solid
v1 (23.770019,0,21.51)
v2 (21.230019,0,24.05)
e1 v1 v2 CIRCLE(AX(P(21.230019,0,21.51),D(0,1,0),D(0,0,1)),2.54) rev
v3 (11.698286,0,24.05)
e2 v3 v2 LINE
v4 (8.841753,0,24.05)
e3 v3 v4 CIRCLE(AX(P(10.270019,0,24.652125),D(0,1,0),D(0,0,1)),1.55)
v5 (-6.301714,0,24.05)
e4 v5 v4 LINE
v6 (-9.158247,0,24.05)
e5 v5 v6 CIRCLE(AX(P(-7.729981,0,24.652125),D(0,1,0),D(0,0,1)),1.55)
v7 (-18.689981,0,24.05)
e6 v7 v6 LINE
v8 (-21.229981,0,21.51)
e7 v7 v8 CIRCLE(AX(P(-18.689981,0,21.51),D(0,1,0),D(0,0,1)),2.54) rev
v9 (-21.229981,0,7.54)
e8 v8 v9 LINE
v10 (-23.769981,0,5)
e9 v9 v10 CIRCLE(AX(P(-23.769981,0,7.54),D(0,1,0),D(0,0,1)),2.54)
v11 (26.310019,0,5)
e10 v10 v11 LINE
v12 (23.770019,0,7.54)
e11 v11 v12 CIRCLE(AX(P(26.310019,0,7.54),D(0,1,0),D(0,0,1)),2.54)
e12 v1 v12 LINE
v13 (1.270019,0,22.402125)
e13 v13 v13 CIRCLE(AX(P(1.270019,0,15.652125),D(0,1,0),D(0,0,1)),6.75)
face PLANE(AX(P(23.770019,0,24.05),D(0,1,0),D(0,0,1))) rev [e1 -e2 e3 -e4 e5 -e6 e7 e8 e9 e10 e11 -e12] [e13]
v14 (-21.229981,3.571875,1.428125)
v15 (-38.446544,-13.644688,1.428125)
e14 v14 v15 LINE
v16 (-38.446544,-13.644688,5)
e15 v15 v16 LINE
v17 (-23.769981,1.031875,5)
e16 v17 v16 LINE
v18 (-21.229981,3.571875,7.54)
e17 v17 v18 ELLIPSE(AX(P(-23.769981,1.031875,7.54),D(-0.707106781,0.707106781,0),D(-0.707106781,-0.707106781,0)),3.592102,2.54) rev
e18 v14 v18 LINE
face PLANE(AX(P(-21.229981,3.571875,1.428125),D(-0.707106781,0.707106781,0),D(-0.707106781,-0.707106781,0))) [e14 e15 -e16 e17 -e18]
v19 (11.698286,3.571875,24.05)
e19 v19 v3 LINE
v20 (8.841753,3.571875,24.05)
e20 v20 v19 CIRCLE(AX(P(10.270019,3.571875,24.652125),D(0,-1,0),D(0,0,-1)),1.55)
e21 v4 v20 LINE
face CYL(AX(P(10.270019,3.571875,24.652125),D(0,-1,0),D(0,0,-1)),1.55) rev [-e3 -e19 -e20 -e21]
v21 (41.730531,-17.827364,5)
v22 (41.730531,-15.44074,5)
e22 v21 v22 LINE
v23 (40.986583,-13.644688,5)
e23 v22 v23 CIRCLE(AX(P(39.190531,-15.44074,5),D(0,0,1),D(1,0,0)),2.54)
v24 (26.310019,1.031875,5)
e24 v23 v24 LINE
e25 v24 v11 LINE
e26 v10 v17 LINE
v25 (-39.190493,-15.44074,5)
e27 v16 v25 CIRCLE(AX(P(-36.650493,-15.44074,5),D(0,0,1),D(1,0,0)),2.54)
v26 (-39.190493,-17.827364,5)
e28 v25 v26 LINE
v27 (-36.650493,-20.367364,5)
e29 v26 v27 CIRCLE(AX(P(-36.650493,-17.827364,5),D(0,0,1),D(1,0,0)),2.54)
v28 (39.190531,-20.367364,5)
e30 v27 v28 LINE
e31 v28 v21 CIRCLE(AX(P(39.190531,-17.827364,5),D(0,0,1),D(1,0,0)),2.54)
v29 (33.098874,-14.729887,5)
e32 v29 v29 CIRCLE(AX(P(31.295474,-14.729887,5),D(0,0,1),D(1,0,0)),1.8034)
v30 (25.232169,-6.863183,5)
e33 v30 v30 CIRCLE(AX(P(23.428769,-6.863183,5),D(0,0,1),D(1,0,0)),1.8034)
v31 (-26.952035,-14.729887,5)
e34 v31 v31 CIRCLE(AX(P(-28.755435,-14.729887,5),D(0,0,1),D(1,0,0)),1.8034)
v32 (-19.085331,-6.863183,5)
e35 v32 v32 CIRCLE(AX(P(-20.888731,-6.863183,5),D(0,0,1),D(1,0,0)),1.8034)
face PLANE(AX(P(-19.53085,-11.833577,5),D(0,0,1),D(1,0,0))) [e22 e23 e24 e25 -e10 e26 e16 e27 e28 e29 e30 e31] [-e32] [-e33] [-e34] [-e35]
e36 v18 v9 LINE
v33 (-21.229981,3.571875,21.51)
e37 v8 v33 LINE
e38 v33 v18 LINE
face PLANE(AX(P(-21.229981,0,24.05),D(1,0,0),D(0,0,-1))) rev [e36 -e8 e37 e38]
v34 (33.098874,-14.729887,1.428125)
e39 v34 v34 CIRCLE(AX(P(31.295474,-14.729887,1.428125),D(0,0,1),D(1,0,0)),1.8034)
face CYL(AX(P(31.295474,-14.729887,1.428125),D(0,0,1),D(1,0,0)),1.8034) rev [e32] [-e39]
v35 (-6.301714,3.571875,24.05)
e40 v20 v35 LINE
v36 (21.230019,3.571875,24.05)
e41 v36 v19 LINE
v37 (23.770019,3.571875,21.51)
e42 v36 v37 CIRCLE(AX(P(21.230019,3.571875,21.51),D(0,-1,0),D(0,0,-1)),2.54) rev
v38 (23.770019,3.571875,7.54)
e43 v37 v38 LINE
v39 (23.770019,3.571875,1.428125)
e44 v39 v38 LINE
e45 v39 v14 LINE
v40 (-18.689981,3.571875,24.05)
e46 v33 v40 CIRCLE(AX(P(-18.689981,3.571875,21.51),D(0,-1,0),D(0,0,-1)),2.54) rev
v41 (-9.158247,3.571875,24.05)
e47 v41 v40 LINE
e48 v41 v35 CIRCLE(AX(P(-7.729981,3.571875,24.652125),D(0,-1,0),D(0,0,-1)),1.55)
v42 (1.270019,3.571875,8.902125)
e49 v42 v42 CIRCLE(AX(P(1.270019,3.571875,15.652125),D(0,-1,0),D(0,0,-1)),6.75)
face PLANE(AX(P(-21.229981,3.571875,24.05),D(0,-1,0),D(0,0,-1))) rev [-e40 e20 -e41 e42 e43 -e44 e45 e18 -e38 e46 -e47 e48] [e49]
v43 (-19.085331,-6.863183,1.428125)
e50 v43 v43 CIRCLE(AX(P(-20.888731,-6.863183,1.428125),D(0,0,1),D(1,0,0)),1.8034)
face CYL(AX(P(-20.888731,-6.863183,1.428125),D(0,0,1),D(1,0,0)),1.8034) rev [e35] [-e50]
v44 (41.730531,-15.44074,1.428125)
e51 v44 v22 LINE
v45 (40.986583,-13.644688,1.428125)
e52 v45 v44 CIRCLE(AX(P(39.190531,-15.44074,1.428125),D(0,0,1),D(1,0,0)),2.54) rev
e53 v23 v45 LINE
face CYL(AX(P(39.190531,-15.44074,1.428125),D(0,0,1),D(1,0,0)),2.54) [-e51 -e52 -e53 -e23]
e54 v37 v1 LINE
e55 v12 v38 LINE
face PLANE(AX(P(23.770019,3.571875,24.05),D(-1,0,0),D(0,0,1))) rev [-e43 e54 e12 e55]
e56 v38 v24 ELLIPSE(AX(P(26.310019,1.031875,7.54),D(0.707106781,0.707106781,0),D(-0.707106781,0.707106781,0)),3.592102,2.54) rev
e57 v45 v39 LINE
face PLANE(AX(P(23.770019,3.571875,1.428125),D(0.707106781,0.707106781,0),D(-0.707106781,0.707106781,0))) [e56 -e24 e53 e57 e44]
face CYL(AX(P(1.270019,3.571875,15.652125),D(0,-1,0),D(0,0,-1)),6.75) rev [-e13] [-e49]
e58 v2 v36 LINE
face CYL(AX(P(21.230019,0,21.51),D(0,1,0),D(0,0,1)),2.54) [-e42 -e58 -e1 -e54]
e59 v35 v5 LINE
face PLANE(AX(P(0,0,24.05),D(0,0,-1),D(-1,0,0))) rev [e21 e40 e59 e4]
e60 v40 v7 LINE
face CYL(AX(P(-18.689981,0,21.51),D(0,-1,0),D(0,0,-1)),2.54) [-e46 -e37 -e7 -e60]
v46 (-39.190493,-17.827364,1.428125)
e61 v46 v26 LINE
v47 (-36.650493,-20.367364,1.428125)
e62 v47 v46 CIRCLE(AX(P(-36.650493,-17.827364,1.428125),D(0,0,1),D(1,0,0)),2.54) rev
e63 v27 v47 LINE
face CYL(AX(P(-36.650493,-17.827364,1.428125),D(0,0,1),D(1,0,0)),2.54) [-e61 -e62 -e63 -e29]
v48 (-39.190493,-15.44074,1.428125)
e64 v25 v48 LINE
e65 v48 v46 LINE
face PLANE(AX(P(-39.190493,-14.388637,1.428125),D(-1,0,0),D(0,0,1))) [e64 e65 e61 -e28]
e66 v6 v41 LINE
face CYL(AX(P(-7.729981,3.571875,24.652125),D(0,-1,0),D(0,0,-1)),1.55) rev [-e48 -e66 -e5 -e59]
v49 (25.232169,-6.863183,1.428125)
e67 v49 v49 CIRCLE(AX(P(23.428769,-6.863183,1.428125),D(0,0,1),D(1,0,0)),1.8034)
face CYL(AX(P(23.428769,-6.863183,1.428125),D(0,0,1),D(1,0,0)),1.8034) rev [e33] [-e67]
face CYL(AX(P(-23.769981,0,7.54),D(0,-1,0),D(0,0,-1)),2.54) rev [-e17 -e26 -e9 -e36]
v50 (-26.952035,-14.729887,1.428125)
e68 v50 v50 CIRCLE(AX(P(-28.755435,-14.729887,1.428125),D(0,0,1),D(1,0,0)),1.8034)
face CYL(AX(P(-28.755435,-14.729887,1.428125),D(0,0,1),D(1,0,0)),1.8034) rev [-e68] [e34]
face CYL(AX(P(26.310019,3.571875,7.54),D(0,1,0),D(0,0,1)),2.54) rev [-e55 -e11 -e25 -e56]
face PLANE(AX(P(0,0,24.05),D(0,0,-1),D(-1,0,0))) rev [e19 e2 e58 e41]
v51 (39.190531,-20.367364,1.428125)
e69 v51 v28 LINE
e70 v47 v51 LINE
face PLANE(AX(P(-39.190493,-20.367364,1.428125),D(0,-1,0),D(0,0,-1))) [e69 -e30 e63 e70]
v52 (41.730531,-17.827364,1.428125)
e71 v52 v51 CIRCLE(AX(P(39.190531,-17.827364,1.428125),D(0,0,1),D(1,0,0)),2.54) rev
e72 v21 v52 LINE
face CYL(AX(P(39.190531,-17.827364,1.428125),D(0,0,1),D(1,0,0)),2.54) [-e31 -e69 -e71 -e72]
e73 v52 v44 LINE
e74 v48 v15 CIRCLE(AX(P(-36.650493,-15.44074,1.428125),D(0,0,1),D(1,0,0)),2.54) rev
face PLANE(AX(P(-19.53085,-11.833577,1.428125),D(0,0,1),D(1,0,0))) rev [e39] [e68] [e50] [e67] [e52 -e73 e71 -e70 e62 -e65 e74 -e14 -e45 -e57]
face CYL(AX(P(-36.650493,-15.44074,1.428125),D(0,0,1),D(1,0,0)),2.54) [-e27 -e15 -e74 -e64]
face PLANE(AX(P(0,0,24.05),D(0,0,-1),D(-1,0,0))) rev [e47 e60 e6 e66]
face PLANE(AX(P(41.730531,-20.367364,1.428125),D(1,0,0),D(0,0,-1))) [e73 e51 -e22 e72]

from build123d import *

# Parameters (mm, degrees)
BOSS_EXTRUDE1_DEPTH     = 3.571875
SKETCH2_W               = 45
SKETCH2_H               = 3.571875
BOSS_EXTRUDE2_DEPTH     = 19.05
FILLET1_R               = 2
SKETCH9_W               = 44.9012818
SKETCH9_H               = 1.417156311
CUT_EXTRUDE1_DEPTH      = 10
BOSS_EXTRUDE3_DEPTH     = 3.571875
SKETCH14_R              = 1.8034
CUT_EXTRUDE4_DEPTH      = 4.571875
FILLET3_R               = 2.54
SKETCH15_R              = 6.75
SKETCH15_R_2            = 1.55
CUT_EXTRUDE5_DEPTH      = 21.367363974
CUT_EXTRUDE5_DEPTH_BACK = 4.571875


with BuildPart() as part:
    # Sketch1 → Boss-Extrude1 (new body)
    with BuildSketch(Plane.XY.offset(5)):
        with BuildLine():
            Line((-21.183407813, 0), (-21.183407813, -8.813455393))
            ThreePointArc((-21.183407813, -8.813455393), (-22.866221682, -12.686440931), (-19.530849883, -15.276262248))
            Line((-19.530849883, -15.276262248), (24.68248716, -15.276262248))
            ThreePointArc((24.68248716, -15.276262248), (25.214329472, -14.744419936), (24.68248716, -14.212577623))
            Line((24.68248716, -14.212577623), (23.717873987, 0))
            Line((23.717873987, 0), (23.717873987, 4.989031311))
            Line((23.717873987, 4.989031311), (-21.183407813, 4.989031311))
            Line((-21.183407813, 4.989031311), (-21.183407813, 0))
        make_face()
    extrude(amount=-BOSS_EXTRUDE1_DEPTH)

    # Sketch2 → Boss-Extrude2 (add)
    with BuildSketch(Plane.XY.offset(5)):
        with Locations((1.270019176, 1.7859375)):
            Rectangle(SKETCH2_W, SKETCH2_H)
    extrude(amount=BOSS_EXTRUDE2_DEPTH)

    # Fillet1
    fillet1_edges = [part.edges().sort_by_distance(p)[0] for p in [
        (1.267233087, 4.989031311, 1.428125),
    ]]
    fillet(fillet1_edges, radius=FILLET1_R)

    # Sketch9 → Cut-Extrude1 (cut)
    with BuildSketch(Plane.XY.offset(5)):
        with Locations((1.267233087, 4.280453156)):
            Rectangle(SKETCH9_W, SKETCH9_H)
    extrude(amount=-CUT_EXTRUDE1_DEPTH, mode=Mode.SUBTRACT)

    # Sketch13 → Boss-Extrude3 (add, through all)
    with BuildSketch(Plane.XY.offset(5)):
        Polygon((-21.229980824, 3.571875), (-39.190493066, -14.388637242), (-39.190493066, -20.367363974), (41.730531418, -20.367363974), (41.730531418, -14.388637242), (23.770019176, 3.571875), align=None)
    extrude(amount=-BOSS_EXTRUDE3_DEPTH)

    # Sketch14 → Cut-Extrude4 (cut, through all)
    with BuildSketch(Plane.XY.offset(5)):
        with Locations((-28.755435454, -14.729886975)):
            Circle(SKETCH14_R)
        with Locations((-20.888731092, -6.863182613)):
            Circle(SKETCH14_R)
        with Locations((23.428769443, -6.863182613)):
            Circle(SKETCH14_R)
        with Locations((31.295473805, -14.729886975)):
            Circle(SKETCH14_R)
    extrude(amount=-CUT_EXTRUDE4_DEPTH, mode=Mode.SUBTRACT)

    # Fillet3
    fillet3_edges = [part.edges().sort_by_distance(p)[0] for p in [
        (23.770019176, 1.7859375, 5),
        (-21.229980824, 1.7859375, 5),
        (23.770019176, 1.7859375, 24.05),
        (-21.229980824, 1.7859375, 24.05),
        (41.730531418, -20.367363974, 3.2140625),
        (-39.190493066, -20.367363974, 3.2140625),
        (-39.190493066, -14.388637242, 3.2140625),
        (41.730531418, -14.388637242, 3.2140625),
    ]]
    fillet(fillet3_edges, radius=FILLET3_R)

    # Sketch15 → Cut-Extrude5 (cut, two sides)
    with BuildSketch(Plane.XZ) as cut_extrude5_sk:
        with Locations((1.270019176, 15.652125)):
            Circle(SKETCH15_R)
        with Locations((-7.729980824, 24.652125)):
            Circle(SKETCH15_R_2)
        with Locations((10.270019176, 24.652125)):
            Circle(SKETCH15_R_2)
    extrude(amount=CUT_EXTRUDE5_DEPTH, mode=Mode.SUBTRACT)
    extrude(cut_extrude5_sk.sketch, amount=-CUT_EXTRUDE5_DEPTH_BACK, mode=Mode.SUBTRACT)


solid = part.part
